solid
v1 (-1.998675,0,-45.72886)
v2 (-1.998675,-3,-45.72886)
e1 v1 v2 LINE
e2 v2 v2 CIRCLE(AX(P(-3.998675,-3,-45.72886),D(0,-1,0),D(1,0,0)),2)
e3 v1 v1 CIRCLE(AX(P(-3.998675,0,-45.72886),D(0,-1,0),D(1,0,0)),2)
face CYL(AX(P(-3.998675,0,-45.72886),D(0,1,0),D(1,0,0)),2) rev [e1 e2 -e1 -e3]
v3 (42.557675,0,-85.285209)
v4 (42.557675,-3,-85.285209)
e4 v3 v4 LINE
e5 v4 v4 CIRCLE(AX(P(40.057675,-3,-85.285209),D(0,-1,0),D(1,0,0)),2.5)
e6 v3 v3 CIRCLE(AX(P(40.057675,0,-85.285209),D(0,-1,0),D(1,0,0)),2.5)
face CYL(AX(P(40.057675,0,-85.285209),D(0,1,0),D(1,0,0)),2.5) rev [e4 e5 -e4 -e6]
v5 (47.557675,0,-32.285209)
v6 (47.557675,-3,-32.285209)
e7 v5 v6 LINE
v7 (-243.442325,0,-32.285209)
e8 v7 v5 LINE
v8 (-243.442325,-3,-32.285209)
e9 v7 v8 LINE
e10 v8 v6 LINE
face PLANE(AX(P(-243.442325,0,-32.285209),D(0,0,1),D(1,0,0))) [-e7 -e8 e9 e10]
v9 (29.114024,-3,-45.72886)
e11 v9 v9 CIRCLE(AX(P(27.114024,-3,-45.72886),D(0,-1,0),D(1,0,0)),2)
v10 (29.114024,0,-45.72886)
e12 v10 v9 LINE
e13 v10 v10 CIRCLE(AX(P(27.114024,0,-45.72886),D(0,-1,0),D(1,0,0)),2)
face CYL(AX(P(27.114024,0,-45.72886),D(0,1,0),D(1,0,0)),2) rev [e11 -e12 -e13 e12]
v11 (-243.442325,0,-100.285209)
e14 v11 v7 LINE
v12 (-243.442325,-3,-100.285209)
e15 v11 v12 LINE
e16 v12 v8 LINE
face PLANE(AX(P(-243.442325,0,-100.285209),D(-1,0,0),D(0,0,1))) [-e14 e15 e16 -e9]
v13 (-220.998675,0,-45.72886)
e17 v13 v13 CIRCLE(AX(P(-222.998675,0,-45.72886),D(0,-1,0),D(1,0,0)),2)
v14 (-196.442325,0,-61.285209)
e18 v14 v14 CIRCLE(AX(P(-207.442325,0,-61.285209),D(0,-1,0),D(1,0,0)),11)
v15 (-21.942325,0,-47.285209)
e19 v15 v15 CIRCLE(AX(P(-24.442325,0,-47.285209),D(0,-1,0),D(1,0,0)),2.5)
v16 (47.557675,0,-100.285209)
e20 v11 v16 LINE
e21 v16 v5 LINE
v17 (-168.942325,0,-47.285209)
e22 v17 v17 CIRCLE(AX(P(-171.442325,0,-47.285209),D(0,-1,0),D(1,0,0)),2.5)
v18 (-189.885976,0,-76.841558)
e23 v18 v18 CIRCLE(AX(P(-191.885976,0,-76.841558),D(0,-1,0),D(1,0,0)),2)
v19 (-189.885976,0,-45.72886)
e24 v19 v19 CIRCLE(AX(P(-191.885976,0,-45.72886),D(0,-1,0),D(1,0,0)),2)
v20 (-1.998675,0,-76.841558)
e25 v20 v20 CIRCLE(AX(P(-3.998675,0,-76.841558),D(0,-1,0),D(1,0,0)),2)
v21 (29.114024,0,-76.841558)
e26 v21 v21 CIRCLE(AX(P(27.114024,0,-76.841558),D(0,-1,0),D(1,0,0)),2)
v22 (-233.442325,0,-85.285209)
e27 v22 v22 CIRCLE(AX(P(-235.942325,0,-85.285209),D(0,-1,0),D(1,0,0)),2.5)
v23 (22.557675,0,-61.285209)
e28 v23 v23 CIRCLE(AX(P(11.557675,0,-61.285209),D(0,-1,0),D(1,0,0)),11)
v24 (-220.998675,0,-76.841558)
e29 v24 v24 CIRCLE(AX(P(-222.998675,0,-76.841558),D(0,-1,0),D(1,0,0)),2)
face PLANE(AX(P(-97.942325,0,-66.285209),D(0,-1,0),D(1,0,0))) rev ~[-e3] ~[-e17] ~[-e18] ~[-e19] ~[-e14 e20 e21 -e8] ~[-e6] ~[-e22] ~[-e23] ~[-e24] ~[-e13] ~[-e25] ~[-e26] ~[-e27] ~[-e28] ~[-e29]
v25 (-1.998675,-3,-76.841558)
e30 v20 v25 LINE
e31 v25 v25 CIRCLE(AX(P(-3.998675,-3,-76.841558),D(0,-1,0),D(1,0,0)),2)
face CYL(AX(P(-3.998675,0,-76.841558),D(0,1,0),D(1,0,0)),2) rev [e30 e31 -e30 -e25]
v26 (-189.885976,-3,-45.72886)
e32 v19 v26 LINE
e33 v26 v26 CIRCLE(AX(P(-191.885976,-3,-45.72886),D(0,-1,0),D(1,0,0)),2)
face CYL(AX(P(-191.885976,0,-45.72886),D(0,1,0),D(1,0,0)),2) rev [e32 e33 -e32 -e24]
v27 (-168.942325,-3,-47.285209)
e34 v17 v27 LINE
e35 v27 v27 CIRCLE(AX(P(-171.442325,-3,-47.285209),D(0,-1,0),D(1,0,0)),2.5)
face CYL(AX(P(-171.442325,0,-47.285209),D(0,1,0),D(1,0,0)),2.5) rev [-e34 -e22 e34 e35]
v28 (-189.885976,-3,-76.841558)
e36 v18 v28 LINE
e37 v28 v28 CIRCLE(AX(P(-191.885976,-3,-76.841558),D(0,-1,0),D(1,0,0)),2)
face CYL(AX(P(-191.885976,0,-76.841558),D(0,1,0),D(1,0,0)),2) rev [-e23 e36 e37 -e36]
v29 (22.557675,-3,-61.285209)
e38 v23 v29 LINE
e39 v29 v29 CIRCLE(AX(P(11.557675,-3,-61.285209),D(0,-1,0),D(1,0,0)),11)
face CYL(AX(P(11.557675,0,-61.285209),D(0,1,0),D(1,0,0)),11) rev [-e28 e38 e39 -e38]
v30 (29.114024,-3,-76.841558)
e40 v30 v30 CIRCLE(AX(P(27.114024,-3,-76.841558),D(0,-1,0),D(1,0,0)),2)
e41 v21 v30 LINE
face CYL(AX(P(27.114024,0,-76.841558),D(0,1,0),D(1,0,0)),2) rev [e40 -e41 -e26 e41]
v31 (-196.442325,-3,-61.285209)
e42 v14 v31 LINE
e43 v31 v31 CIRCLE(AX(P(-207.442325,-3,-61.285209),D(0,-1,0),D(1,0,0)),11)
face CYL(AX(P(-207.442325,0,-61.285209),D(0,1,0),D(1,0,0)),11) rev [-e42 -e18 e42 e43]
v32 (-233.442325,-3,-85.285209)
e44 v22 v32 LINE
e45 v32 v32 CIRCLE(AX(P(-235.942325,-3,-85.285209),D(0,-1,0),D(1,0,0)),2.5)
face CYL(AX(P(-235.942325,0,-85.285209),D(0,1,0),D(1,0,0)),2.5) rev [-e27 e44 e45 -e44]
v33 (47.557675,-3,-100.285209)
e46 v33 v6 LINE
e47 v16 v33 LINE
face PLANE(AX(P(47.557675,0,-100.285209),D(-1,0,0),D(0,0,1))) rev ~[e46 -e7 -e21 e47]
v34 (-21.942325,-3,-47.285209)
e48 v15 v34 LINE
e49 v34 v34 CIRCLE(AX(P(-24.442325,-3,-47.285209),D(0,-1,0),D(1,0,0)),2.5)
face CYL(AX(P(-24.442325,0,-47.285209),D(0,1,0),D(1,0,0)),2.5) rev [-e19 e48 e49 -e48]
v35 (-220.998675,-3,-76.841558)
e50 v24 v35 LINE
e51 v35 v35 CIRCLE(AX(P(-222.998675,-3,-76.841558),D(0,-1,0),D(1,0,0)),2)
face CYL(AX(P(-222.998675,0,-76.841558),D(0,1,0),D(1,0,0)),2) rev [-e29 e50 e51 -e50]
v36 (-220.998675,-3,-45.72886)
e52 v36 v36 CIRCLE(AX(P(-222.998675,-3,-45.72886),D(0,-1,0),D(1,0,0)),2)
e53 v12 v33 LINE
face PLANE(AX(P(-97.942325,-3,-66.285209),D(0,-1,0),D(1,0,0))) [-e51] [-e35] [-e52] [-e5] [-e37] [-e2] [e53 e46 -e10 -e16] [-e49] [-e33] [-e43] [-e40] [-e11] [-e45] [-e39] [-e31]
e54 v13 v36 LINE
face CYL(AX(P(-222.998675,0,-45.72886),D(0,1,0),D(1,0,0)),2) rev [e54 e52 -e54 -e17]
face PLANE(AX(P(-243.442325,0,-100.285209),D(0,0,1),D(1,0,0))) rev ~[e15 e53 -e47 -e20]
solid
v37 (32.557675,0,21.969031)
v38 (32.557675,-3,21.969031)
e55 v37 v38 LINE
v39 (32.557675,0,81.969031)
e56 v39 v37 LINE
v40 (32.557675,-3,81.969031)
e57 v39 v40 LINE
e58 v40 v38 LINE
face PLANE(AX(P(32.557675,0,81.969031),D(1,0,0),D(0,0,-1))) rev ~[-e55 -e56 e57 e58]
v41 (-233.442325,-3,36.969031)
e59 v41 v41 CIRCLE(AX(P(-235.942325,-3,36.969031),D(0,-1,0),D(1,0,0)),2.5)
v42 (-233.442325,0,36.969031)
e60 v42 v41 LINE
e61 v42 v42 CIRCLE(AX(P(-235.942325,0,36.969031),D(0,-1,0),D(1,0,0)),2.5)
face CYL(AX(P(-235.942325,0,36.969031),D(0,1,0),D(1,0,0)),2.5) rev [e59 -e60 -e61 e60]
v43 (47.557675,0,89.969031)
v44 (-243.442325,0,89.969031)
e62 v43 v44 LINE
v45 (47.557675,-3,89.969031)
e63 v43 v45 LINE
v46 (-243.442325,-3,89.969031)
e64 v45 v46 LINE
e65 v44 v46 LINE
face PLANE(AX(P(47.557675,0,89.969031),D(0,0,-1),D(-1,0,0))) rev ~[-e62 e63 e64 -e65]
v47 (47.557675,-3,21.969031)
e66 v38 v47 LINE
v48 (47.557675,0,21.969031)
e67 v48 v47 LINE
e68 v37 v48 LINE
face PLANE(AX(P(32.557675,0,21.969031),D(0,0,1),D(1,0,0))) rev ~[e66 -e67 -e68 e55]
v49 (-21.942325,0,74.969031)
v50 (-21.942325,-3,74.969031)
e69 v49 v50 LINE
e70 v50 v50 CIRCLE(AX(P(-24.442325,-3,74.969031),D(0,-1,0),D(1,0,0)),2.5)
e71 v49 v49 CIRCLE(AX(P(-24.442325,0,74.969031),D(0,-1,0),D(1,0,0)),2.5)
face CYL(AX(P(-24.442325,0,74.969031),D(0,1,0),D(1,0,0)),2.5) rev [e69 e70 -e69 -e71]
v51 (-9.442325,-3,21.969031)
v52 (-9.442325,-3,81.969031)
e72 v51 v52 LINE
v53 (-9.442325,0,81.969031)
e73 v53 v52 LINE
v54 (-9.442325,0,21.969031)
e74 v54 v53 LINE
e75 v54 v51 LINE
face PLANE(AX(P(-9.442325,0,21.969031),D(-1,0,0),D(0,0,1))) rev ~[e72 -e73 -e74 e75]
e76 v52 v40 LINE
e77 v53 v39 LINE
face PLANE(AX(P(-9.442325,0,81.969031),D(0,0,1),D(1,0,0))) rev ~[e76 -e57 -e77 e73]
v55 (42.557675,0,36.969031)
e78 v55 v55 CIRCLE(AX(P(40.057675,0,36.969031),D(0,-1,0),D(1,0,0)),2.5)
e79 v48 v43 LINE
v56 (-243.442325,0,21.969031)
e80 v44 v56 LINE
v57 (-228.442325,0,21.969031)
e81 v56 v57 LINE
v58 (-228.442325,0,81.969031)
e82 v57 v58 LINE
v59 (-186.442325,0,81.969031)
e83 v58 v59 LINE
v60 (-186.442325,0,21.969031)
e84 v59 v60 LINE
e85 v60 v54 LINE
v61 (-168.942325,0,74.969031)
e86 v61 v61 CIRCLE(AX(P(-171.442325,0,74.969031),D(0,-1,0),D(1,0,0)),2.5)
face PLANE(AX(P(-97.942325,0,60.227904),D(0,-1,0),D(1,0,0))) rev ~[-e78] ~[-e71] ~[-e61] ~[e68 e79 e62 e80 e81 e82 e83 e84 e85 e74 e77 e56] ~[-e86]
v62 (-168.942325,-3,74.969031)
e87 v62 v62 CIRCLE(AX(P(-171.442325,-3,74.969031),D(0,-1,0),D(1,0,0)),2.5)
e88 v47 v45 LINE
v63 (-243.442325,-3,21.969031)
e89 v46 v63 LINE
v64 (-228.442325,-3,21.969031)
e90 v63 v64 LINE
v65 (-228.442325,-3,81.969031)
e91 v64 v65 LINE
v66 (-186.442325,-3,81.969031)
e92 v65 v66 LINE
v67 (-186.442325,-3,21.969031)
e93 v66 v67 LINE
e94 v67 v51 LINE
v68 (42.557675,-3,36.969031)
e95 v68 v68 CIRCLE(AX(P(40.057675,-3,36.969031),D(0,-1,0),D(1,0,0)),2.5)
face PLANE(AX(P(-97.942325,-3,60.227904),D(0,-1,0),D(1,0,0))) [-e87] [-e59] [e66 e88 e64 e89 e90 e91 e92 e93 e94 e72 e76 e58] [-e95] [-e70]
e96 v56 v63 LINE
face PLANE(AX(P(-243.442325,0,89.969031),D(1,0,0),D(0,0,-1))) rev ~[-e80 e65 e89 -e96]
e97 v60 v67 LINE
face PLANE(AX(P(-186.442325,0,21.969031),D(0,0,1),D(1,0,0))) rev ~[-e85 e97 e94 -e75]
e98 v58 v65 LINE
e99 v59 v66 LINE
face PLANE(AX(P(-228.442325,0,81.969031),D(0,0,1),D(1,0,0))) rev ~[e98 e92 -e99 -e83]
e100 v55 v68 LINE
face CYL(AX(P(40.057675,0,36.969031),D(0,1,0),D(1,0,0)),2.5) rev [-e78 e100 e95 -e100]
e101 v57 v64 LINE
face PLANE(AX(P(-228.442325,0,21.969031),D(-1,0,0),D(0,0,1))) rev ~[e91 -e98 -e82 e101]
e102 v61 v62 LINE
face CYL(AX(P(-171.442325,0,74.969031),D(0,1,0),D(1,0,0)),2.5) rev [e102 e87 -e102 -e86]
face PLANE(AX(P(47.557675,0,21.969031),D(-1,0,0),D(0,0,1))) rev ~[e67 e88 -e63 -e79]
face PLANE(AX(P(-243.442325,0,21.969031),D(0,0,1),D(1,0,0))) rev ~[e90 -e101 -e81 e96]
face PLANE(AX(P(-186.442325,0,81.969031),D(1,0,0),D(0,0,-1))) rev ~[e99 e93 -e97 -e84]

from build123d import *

# Parameters (mm, degrees)
F0_R     = 2.5
F0_W     = 291
F0_H     = 68
F0_R_2   = 2
F0_R_3   = 11
F1_DEPTH = 3


with BuildPart() as f1:
    # F0 (on Front) → F1 (new body)
    with BuildSketch(Plane.XZ):
        Polygon((47.557675, 89.969031), (-243.442325, 89.969031), (-243.442325, 21.969031), (-228.442325, 21.969031), (-228.442325, 81.969031), (-186.442325, 81.969031), (-186.442325, 21.969031), (-9.442325, 21.969031), (-9.442325, 81.969031), (32.557675, 81.969031), (32.557675, 21.969031), (47.557675, 21.969031), align=None)
        with Locations((-235.942325, 36.969031)):
            Circle(F0_R, mode=Mode.SUBTRACT)
        with Locations((-171.442325, 74.969031)):
            Circle(F0_R, mode=Mode.SUBTRACT)
        with Locations((40.057675, 36.969031)):
            Circle(F0_R, mode=Mode.SUBTRACT)
        with Locations((-24.442325, 74.969031)):
            Circle(F0_R, mode=Mode.SUBTRACT)
        with Locations((-97.942325, -66.285209)):
            Rectangle(F0_W, F0_H)
        with Locations((-235.942325, -85.285209)):
            Circle(F0_R, mode=Mode.SUBTRACT)
        with Locations((-222.998675, -76.841558)):
            Circle(F0_R_2, mode=Mode.SUBTRACT)
        with Locations((-191.885976, -76.841558)):
            Circle(F0_R_2, mode=Mode.SUBTRACT)
        with Locations((-207.442325, -61.285209)):
            Circle(F0_R_3, mode=Mode.SUBTRACT)
        with Locations((-222.998675, -45.72886)):
            Circle(F0_R_2, mode=Mode.SUBTRACT)
        with Locations((-191.885976, -45.72886)):
            Circle(F0_R_2, mode=Mode.SUBTRACT)
        with Locations((-171.442325, -47.285209)):
            Circle(F0_R, mode=Mode.SUBTRACT)
        with Locations((-3.998675, -76.841558)):
            Circle(F0_R_2, mode=Mode.SUBTRACT)
        with Locations((27.114024, -76.841558)):
            Circle(F0_R_2, mode=Mode.SUBTRACT)
        with Locations((40.057675, -85.285209)):
            Circle(F0_R, mode=Mode.SUBTRACT)
        with Locations((11.557675, -61.285209)):
            Circle(F0_R_3, mode=Mode.SUBTRACT)
        with Locations((-24.442325, -47.285209)):
            Circle(F0_R, mode=Mode.SUBTRACT)
        with Locations((-3.998675, -45.72886)):
            Circle(F0_R_2, mode=Mode.SUBTRACT)
        with Locations((27.114024, -45.72886)):
            Circle(F0_R_2, mode=Mode.SUBTRACT)
    extrude(amount=F1_DEPTH)


solid = f1.part
